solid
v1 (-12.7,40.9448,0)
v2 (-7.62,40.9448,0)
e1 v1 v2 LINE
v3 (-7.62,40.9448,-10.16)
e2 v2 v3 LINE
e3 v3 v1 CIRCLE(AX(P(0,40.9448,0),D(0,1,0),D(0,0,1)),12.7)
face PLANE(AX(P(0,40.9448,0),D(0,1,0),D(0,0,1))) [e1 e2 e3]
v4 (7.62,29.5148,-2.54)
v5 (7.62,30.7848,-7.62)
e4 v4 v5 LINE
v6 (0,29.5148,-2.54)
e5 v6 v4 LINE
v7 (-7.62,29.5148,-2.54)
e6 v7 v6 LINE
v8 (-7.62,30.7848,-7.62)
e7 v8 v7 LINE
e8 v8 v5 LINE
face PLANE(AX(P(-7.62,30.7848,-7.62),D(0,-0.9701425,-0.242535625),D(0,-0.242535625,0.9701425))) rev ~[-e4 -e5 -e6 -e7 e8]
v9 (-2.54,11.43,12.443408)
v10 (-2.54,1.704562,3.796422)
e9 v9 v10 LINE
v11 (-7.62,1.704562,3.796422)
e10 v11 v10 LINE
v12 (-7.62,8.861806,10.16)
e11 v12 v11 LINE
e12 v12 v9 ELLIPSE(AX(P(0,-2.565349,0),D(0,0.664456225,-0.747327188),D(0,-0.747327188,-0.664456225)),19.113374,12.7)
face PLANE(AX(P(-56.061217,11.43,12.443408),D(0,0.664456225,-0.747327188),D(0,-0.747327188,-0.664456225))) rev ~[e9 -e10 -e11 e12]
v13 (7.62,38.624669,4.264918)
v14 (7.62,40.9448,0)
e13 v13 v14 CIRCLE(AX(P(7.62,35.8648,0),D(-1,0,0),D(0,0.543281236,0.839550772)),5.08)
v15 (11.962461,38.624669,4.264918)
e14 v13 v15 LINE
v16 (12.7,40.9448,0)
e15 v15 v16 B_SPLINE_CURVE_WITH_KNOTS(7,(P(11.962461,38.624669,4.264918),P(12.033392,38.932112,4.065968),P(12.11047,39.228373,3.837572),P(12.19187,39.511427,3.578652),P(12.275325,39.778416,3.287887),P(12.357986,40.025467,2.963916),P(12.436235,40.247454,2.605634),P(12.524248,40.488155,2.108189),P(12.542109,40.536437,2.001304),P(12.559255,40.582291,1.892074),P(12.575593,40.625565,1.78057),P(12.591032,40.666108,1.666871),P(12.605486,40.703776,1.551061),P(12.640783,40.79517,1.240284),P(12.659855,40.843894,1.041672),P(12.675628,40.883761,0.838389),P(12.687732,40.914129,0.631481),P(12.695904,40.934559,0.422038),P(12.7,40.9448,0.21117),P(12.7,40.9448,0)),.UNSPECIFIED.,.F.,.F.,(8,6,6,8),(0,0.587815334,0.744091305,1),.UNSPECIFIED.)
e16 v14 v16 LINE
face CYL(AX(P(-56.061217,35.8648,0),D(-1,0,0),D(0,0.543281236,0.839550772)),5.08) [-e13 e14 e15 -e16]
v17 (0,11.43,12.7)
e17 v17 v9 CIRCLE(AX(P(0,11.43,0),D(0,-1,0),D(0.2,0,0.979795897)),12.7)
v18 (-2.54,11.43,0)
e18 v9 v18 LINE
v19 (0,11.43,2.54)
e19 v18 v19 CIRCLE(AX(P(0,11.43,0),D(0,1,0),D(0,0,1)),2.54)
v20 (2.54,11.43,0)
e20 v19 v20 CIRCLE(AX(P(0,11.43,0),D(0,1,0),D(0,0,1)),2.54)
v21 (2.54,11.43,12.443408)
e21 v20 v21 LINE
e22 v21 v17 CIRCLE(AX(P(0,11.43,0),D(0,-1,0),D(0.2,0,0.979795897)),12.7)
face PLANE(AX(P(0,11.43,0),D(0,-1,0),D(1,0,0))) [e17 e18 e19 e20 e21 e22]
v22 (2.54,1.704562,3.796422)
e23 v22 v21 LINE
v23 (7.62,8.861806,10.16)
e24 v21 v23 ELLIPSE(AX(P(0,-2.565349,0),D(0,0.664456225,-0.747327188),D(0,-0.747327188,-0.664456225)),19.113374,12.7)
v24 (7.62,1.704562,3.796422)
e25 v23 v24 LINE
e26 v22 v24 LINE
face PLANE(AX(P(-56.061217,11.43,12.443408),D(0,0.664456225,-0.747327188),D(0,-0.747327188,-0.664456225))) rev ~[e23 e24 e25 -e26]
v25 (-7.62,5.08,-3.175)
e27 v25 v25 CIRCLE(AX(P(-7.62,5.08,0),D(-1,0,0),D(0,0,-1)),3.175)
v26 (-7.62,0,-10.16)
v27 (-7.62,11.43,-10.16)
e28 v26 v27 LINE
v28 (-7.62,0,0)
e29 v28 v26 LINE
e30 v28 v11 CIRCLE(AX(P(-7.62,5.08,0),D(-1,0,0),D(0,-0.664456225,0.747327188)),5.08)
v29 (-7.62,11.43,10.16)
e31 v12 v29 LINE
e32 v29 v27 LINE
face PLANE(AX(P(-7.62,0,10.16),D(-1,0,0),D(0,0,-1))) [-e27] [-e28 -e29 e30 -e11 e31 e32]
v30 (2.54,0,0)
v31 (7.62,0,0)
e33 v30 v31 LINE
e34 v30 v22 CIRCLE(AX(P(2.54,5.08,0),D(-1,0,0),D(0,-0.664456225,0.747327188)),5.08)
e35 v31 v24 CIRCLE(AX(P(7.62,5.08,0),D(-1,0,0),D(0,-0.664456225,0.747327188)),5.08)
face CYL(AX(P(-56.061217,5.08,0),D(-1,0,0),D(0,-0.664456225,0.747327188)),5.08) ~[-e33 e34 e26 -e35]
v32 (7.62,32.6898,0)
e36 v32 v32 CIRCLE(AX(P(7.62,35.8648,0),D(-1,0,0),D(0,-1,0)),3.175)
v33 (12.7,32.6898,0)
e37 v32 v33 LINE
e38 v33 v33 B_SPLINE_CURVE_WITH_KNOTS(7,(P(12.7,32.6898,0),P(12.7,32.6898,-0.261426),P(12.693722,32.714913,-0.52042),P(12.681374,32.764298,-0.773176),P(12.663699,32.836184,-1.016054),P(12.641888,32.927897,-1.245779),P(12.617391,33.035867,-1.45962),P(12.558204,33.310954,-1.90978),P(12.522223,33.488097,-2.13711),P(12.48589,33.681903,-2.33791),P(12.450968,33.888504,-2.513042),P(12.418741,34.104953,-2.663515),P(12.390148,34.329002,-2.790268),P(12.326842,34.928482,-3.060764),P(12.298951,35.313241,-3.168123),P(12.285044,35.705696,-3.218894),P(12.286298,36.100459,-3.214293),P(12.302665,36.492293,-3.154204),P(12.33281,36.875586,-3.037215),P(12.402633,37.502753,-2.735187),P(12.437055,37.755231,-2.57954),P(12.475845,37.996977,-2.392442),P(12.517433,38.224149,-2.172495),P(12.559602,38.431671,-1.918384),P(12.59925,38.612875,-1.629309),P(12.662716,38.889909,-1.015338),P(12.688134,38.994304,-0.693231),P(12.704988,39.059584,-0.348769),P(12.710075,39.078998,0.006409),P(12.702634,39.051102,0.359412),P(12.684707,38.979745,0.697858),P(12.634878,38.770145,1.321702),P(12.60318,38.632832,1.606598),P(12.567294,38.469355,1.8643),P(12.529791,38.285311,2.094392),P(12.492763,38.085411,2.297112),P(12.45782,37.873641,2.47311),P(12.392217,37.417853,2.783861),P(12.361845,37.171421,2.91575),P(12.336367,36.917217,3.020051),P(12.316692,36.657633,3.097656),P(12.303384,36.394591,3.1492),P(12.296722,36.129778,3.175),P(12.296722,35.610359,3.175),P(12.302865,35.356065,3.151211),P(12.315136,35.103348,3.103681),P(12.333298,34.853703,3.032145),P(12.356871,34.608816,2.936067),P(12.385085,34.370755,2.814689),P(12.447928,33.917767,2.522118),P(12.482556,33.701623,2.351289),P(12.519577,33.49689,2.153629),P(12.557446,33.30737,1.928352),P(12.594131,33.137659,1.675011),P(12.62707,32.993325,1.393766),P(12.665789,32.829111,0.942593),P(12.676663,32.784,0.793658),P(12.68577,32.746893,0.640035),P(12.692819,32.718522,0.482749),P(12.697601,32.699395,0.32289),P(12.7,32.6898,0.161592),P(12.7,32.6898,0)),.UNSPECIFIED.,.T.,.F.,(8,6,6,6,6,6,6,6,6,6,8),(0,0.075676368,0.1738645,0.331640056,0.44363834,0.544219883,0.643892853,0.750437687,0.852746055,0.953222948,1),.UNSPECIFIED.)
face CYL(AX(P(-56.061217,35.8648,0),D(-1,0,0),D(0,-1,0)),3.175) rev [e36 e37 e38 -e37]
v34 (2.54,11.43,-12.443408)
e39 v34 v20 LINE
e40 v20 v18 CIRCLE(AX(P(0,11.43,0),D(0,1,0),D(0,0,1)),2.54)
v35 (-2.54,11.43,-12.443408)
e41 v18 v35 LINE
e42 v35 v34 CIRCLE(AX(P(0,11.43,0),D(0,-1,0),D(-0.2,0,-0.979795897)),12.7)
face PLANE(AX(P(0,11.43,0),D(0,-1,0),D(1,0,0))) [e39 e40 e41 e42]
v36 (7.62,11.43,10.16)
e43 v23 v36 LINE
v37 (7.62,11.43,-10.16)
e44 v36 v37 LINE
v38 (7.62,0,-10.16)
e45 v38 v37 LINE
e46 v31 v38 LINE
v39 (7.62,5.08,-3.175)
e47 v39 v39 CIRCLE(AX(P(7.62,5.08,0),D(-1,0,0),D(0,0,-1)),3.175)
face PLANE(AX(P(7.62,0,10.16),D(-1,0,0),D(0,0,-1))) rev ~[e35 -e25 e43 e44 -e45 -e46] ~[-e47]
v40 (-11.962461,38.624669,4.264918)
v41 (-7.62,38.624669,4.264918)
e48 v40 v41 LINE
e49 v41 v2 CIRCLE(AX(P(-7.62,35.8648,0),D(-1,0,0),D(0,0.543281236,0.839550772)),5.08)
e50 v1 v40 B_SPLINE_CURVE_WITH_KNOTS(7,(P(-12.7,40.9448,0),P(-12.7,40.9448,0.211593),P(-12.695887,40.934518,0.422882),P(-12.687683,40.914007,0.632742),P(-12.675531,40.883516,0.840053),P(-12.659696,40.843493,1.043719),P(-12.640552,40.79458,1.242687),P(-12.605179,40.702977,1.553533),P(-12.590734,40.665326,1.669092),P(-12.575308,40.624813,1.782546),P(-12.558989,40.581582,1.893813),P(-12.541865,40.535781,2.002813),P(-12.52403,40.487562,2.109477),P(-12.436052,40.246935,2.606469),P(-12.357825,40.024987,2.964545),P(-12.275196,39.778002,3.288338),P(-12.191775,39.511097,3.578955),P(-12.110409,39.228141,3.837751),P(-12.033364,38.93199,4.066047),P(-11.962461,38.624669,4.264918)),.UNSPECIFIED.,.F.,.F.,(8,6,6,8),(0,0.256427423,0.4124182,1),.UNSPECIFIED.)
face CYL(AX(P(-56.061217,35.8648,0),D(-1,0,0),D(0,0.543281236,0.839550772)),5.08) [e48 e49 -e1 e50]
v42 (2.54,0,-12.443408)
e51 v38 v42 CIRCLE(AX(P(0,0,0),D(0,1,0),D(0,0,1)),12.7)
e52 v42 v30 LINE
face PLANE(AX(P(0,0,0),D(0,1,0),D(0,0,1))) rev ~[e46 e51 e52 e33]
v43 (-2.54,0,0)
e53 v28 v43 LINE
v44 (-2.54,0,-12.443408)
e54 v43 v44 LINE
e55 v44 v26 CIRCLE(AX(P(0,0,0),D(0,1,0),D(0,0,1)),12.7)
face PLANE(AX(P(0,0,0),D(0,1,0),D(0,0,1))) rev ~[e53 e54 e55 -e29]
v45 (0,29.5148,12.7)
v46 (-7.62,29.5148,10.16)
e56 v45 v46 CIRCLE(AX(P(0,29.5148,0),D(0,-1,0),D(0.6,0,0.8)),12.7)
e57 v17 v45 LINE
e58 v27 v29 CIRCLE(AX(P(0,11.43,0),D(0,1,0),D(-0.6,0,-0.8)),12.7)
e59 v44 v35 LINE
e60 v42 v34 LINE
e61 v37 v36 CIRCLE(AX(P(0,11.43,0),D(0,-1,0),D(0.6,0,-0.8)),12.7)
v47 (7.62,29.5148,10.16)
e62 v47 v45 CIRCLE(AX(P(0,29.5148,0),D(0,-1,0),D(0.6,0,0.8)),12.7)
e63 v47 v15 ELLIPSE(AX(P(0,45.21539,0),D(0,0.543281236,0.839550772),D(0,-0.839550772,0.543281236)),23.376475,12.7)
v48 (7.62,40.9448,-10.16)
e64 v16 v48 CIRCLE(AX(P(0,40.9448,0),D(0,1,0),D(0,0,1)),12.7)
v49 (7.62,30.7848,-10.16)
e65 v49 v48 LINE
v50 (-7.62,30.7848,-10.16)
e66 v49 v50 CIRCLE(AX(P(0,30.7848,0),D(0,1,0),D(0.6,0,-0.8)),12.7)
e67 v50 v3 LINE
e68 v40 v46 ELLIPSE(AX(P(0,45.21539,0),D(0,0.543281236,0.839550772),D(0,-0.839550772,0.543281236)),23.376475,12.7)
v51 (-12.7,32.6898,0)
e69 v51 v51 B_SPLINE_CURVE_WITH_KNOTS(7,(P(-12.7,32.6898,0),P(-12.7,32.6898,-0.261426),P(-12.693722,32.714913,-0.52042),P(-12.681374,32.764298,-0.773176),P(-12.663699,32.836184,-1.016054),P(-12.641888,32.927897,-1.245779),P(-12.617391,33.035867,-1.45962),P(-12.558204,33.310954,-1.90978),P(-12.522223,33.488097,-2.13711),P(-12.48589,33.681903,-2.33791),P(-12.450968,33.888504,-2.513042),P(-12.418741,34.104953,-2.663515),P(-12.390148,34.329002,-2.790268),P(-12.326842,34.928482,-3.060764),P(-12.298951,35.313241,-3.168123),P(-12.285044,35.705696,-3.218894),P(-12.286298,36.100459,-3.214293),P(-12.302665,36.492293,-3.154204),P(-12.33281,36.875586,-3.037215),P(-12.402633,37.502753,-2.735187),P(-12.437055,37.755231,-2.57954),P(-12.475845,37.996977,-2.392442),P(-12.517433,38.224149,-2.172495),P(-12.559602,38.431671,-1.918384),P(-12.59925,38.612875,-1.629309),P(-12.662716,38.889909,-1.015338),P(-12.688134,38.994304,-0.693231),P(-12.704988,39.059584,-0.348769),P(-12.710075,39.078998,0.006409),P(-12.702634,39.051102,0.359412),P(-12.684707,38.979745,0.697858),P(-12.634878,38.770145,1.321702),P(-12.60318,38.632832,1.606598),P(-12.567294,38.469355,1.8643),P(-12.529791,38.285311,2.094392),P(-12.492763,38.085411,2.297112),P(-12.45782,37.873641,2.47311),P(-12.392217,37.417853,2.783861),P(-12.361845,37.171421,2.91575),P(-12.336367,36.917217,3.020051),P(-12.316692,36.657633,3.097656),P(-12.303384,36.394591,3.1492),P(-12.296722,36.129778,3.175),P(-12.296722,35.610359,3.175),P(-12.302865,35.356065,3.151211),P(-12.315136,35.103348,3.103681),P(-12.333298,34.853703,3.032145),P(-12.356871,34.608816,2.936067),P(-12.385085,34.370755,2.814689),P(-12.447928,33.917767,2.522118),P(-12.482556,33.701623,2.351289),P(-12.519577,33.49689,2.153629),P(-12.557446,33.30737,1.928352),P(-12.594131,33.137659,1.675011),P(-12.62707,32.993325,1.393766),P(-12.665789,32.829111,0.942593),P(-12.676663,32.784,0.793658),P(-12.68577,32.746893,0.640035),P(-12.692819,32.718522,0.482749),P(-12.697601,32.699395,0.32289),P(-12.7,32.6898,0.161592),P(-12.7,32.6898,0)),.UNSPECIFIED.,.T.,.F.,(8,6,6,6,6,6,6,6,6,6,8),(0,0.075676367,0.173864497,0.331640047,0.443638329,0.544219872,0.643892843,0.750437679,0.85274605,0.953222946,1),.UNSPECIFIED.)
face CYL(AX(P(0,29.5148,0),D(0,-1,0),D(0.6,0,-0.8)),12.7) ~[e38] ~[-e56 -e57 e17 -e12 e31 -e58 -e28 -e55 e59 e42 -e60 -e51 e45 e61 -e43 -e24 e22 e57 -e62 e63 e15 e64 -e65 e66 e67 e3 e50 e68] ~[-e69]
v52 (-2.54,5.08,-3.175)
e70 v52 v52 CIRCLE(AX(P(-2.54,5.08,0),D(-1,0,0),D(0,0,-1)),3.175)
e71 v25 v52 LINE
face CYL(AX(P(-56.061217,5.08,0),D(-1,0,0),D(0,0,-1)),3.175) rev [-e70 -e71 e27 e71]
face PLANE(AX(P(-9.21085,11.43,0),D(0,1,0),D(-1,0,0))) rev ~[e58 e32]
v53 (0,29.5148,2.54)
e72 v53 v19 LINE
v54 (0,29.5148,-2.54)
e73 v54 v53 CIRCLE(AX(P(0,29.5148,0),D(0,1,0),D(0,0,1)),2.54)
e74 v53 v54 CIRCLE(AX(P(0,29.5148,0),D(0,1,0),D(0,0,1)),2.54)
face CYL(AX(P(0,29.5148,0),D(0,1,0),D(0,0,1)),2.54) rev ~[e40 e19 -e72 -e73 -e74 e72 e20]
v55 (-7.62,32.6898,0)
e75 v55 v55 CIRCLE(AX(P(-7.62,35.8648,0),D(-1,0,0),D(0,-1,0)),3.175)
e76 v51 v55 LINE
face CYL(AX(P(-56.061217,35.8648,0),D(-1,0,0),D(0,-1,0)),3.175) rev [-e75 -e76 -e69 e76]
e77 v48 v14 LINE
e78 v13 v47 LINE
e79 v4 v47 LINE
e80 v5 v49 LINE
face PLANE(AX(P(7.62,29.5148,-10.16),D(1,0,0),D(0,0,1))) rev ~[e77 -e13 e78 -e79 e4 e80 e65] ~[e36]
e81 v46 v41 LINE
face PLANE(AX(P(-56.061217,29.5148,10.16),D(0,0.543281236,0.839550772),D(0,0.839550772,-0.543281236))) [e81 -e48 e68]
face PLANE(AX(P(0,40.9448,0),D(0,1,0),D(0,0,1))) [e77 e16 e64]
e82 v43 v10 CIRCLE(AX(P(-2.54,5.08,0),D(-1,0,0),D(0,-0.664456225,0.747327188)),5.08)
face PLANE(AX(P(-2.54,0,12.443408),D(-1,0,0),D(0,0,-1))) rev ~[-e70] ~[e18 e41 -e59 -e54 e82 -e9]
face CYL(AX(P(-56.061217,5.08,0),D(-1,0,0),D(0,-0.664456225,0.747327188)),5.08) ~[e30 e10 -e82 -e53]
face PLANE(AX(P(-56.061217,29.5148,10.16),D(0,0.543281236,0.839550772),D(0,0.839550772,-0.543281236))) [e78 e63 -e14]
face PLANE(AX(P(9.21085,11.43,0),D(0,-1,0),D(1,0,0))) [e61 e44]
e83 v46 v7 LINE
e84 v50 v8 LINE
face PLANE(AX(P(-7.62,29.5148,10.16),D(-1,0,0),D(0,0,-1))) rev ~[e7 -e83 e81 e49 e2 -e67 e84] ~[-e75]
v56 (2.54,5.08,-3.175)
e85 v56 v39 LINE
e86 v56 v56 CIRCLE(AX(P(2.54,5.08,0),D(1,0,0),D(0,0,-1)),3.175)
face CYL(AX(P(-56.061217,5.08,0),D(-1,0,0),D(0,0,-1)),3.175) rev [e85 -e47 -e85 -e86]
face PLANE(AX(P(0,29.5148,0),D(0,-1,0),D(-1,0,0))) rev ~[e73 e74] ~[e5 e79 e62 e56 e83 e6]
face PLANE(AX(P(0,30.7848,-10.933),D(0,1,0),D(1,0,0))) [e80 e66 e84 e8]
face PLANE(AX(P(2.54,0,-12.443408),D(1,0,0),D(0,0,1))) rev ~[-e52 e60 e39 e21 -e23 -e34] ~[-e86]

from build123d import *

# Parameters (mm, degrees)
SKETCH1_R               = 12.7
BOSS_EXTRUDE1_DEPTH     = 40.9448
CUT_EXTRUDE1_START      = -11.43
CUT_EXTRUDE1_DEPTH      = 11.43
CUT_EXTRUDE2_DEPTH      = 11.43
CUT_EXTRUDE3_DEPTH      = 48.441216753
CUT_EXTRUDE3_DEPTH_BACK = 48.441216753
SKETCH4_R               = 3.175
SKETCH5_R               = 2.54
CUT_EXTRUDE4_DEPTH      = 35.550013459
BOSS_EXTRUDE2_REACH     = 49.441
BOSS_EXTRUDE3_DEPTH     = 1.27


with BuildPart() as part:
    # Sketch1 → Boss-Extrude1 (new body)
    with BuildSketch(Plane(origin=(0, 0, 0), x_dir=(1, 0, 0), z_dir=(0, 1, 0))):
        with Locations(Location((0, 0, 0), (0, 0, 270))):
            Circle(SKETCH1_R)
    extrude(amount=BOSS_EXTRUDE1_DEPTH)

    # Sketch2 → Cut-Extrude1 (cut)
    with BuildSketch(Plane(origin=(0, 40.9448, 0), x_dir=(1, 0, 0), z_dir=(0, 1, 0)).offset(CUT_EXTRUDE1_START)):
        with BuildLine():
            Line((7.62, 10.16), (7.62, -10.16))
            ThreePointArc((7.62, -10.16), (0, -12.7), (-7.62, -10.16))
            Line((-7.62, -10.16), (-7.62, 10.16))
            ThreePointArc((-7.62, 10.16), (0, 12.7), (7.62, 10.16))
        make_face()
    extrude(amount=CUT_EXTRUDE1_DEPTH, mode=Mode.SUBTRACT)

    # Sketch3 → Cut-Extrude2 (cut)
    with BuildSketch(Plane.XZ):
        with BuildLine():
            Line((-2.54, 12.443407893), (-2.54, -12.443407893))
            ThreePointArc((-2.54, -12.443407893), (0, -12.7), (2.54, -12.443407893))
            Line((2.54, -12.443407893), (2.54, 12.443407893))
            ThreePointArc((2.54, 12.443407893), (0, 12.7), (-2.54, 12.443407893))
        make_face()
        with BuildLine():
            Line((-7.62, 10.16), (-7.62, -10.16))
            ThreePointArc((-7.62, -10.16), (-12.7, 0), (-7.62, 10.16))
        make_face()
        with BuildLine():
            Line((7.62, 10.16), (7.62, -10.16))
            ThreePointArc((7.62, -10.16), (12.7, 0), (7.62, 10.16))
        make_face()
    extrude(amount=-CUT_EXTRUDE2_DEPTH, mode=Mode.SUBTRACT)

    # Sketch4 → Cut-Extrude3 (cut, two sides: drawn at the far end of the back side and taken through both)
    with BuildSketch(Plane(origin=(-7.62, 0, 0), x_dir=(0, 0, -1), z_dir=(1, 0, 0)).offset(-CUT_EXTRUDE3_DEPTH_BACK)):
        with Locations(Location((0, 35.8648, 0), (0, 0, 270))):
            Circle(SKETCH4_R)
        with Locations((0, 5.08)):
            Circle(SKETCH4_R)
        with BuildLine():
            Line((0, 40.9448), (-10.16, 40.9448))
            Line((-10.16, 40.9448), (-10.16, 29.5148))
            Line((-10.16, 29.5148), (-4.264917923, 38.624668677))
            ThreePointArc((-4.264917923, 38.624668677), (-2.427577715, 40.327228312), (0, 40.9448))
        make_face()
        with BuildLine():
            Line((0, 0), (-12.443407893, 0))
            Line((-12.443407893, 0), (-12.443407893, 11.43))
            Line((-12.443407893, 11.43), (-3.796422114, 1.704562379))
            ThreePointArc((-3.796422114, 1.704562379), (-2.080766311, 0.445691901), (0, 0))
        make_face()
    extrude(amount=CUT_EXTRUDE3_DEPTH + CUT_EXTRUDE3_DEPTH_BACK, mode=Mode.SUBTRACT)

    # Sketch5 → Cut-Extrude4 (cut, through all)
    with BuildSketch(Plane(origin=(0, 29.5148, 0), x_dir=(1, 0, 0), z_dir=(0, 1, 0))):
        with Locations(Location((0, 0, 0), (0, 0, 270))):
            Circle(SKETCH5_R)
    extrude(amount=-CUT_EXTRUDE4_DEPTH, mode=Mode.SUBTRACT)

    # Boss-Extrude2: up to this face of the body (flat: up to its plane)
    boss_extrude2_end = Plane(part.part.faces().sort_by_distance((7.62, 29.747941009, 0))[0])
    # Sketch6 → Boss-Extrude2 (add, up to the picked face)
    with BuildSketch(Plane(origin=(-7.62, 0, 0), x_dir=(0, 0, -1), z_dir=(1, 0, 0)), mode=Mode.PRIVATE) as boss_extrude2_sk1:
        Polygon((2.54, 29.5148), (10.16, 29.5148), (10.16, 30.7848), (7.62, 30.7848), align=None)
    boss_extrude2_tool1 = split(extrude(boss_extrude2_sk1.sketch, amount=BOSS_EXTRUDE2_REACH, mode=Mode.PRIVATE), bisect_by=boss_extrude2_end, keep=Keep.BOTH, mode=Mode.PRIVATE)
    add(boss_extrude2_tool1.solids().sort_by(Axis((-7.62, 30.043967, -7.408333), (1, 0, 0)))[0])

    # Sketch7 → Boss-Extrude3 (add)
    with BuildSketch(Plane(origin=(0, 29.5148, 0), x_dir=(1, 0, 0), z_dir=(0, 1, 0))):
        with BuildLine():
            Line((-7.62, 10.16), (7.62, 10.16))
            ThreePointArc((7.62, 10.16), (0, 12.7), (-7.62, 10.16))
        make_face()
    extrude(amount=BOSS_EXTRUDE3_DEPTH)


solid = part.part
